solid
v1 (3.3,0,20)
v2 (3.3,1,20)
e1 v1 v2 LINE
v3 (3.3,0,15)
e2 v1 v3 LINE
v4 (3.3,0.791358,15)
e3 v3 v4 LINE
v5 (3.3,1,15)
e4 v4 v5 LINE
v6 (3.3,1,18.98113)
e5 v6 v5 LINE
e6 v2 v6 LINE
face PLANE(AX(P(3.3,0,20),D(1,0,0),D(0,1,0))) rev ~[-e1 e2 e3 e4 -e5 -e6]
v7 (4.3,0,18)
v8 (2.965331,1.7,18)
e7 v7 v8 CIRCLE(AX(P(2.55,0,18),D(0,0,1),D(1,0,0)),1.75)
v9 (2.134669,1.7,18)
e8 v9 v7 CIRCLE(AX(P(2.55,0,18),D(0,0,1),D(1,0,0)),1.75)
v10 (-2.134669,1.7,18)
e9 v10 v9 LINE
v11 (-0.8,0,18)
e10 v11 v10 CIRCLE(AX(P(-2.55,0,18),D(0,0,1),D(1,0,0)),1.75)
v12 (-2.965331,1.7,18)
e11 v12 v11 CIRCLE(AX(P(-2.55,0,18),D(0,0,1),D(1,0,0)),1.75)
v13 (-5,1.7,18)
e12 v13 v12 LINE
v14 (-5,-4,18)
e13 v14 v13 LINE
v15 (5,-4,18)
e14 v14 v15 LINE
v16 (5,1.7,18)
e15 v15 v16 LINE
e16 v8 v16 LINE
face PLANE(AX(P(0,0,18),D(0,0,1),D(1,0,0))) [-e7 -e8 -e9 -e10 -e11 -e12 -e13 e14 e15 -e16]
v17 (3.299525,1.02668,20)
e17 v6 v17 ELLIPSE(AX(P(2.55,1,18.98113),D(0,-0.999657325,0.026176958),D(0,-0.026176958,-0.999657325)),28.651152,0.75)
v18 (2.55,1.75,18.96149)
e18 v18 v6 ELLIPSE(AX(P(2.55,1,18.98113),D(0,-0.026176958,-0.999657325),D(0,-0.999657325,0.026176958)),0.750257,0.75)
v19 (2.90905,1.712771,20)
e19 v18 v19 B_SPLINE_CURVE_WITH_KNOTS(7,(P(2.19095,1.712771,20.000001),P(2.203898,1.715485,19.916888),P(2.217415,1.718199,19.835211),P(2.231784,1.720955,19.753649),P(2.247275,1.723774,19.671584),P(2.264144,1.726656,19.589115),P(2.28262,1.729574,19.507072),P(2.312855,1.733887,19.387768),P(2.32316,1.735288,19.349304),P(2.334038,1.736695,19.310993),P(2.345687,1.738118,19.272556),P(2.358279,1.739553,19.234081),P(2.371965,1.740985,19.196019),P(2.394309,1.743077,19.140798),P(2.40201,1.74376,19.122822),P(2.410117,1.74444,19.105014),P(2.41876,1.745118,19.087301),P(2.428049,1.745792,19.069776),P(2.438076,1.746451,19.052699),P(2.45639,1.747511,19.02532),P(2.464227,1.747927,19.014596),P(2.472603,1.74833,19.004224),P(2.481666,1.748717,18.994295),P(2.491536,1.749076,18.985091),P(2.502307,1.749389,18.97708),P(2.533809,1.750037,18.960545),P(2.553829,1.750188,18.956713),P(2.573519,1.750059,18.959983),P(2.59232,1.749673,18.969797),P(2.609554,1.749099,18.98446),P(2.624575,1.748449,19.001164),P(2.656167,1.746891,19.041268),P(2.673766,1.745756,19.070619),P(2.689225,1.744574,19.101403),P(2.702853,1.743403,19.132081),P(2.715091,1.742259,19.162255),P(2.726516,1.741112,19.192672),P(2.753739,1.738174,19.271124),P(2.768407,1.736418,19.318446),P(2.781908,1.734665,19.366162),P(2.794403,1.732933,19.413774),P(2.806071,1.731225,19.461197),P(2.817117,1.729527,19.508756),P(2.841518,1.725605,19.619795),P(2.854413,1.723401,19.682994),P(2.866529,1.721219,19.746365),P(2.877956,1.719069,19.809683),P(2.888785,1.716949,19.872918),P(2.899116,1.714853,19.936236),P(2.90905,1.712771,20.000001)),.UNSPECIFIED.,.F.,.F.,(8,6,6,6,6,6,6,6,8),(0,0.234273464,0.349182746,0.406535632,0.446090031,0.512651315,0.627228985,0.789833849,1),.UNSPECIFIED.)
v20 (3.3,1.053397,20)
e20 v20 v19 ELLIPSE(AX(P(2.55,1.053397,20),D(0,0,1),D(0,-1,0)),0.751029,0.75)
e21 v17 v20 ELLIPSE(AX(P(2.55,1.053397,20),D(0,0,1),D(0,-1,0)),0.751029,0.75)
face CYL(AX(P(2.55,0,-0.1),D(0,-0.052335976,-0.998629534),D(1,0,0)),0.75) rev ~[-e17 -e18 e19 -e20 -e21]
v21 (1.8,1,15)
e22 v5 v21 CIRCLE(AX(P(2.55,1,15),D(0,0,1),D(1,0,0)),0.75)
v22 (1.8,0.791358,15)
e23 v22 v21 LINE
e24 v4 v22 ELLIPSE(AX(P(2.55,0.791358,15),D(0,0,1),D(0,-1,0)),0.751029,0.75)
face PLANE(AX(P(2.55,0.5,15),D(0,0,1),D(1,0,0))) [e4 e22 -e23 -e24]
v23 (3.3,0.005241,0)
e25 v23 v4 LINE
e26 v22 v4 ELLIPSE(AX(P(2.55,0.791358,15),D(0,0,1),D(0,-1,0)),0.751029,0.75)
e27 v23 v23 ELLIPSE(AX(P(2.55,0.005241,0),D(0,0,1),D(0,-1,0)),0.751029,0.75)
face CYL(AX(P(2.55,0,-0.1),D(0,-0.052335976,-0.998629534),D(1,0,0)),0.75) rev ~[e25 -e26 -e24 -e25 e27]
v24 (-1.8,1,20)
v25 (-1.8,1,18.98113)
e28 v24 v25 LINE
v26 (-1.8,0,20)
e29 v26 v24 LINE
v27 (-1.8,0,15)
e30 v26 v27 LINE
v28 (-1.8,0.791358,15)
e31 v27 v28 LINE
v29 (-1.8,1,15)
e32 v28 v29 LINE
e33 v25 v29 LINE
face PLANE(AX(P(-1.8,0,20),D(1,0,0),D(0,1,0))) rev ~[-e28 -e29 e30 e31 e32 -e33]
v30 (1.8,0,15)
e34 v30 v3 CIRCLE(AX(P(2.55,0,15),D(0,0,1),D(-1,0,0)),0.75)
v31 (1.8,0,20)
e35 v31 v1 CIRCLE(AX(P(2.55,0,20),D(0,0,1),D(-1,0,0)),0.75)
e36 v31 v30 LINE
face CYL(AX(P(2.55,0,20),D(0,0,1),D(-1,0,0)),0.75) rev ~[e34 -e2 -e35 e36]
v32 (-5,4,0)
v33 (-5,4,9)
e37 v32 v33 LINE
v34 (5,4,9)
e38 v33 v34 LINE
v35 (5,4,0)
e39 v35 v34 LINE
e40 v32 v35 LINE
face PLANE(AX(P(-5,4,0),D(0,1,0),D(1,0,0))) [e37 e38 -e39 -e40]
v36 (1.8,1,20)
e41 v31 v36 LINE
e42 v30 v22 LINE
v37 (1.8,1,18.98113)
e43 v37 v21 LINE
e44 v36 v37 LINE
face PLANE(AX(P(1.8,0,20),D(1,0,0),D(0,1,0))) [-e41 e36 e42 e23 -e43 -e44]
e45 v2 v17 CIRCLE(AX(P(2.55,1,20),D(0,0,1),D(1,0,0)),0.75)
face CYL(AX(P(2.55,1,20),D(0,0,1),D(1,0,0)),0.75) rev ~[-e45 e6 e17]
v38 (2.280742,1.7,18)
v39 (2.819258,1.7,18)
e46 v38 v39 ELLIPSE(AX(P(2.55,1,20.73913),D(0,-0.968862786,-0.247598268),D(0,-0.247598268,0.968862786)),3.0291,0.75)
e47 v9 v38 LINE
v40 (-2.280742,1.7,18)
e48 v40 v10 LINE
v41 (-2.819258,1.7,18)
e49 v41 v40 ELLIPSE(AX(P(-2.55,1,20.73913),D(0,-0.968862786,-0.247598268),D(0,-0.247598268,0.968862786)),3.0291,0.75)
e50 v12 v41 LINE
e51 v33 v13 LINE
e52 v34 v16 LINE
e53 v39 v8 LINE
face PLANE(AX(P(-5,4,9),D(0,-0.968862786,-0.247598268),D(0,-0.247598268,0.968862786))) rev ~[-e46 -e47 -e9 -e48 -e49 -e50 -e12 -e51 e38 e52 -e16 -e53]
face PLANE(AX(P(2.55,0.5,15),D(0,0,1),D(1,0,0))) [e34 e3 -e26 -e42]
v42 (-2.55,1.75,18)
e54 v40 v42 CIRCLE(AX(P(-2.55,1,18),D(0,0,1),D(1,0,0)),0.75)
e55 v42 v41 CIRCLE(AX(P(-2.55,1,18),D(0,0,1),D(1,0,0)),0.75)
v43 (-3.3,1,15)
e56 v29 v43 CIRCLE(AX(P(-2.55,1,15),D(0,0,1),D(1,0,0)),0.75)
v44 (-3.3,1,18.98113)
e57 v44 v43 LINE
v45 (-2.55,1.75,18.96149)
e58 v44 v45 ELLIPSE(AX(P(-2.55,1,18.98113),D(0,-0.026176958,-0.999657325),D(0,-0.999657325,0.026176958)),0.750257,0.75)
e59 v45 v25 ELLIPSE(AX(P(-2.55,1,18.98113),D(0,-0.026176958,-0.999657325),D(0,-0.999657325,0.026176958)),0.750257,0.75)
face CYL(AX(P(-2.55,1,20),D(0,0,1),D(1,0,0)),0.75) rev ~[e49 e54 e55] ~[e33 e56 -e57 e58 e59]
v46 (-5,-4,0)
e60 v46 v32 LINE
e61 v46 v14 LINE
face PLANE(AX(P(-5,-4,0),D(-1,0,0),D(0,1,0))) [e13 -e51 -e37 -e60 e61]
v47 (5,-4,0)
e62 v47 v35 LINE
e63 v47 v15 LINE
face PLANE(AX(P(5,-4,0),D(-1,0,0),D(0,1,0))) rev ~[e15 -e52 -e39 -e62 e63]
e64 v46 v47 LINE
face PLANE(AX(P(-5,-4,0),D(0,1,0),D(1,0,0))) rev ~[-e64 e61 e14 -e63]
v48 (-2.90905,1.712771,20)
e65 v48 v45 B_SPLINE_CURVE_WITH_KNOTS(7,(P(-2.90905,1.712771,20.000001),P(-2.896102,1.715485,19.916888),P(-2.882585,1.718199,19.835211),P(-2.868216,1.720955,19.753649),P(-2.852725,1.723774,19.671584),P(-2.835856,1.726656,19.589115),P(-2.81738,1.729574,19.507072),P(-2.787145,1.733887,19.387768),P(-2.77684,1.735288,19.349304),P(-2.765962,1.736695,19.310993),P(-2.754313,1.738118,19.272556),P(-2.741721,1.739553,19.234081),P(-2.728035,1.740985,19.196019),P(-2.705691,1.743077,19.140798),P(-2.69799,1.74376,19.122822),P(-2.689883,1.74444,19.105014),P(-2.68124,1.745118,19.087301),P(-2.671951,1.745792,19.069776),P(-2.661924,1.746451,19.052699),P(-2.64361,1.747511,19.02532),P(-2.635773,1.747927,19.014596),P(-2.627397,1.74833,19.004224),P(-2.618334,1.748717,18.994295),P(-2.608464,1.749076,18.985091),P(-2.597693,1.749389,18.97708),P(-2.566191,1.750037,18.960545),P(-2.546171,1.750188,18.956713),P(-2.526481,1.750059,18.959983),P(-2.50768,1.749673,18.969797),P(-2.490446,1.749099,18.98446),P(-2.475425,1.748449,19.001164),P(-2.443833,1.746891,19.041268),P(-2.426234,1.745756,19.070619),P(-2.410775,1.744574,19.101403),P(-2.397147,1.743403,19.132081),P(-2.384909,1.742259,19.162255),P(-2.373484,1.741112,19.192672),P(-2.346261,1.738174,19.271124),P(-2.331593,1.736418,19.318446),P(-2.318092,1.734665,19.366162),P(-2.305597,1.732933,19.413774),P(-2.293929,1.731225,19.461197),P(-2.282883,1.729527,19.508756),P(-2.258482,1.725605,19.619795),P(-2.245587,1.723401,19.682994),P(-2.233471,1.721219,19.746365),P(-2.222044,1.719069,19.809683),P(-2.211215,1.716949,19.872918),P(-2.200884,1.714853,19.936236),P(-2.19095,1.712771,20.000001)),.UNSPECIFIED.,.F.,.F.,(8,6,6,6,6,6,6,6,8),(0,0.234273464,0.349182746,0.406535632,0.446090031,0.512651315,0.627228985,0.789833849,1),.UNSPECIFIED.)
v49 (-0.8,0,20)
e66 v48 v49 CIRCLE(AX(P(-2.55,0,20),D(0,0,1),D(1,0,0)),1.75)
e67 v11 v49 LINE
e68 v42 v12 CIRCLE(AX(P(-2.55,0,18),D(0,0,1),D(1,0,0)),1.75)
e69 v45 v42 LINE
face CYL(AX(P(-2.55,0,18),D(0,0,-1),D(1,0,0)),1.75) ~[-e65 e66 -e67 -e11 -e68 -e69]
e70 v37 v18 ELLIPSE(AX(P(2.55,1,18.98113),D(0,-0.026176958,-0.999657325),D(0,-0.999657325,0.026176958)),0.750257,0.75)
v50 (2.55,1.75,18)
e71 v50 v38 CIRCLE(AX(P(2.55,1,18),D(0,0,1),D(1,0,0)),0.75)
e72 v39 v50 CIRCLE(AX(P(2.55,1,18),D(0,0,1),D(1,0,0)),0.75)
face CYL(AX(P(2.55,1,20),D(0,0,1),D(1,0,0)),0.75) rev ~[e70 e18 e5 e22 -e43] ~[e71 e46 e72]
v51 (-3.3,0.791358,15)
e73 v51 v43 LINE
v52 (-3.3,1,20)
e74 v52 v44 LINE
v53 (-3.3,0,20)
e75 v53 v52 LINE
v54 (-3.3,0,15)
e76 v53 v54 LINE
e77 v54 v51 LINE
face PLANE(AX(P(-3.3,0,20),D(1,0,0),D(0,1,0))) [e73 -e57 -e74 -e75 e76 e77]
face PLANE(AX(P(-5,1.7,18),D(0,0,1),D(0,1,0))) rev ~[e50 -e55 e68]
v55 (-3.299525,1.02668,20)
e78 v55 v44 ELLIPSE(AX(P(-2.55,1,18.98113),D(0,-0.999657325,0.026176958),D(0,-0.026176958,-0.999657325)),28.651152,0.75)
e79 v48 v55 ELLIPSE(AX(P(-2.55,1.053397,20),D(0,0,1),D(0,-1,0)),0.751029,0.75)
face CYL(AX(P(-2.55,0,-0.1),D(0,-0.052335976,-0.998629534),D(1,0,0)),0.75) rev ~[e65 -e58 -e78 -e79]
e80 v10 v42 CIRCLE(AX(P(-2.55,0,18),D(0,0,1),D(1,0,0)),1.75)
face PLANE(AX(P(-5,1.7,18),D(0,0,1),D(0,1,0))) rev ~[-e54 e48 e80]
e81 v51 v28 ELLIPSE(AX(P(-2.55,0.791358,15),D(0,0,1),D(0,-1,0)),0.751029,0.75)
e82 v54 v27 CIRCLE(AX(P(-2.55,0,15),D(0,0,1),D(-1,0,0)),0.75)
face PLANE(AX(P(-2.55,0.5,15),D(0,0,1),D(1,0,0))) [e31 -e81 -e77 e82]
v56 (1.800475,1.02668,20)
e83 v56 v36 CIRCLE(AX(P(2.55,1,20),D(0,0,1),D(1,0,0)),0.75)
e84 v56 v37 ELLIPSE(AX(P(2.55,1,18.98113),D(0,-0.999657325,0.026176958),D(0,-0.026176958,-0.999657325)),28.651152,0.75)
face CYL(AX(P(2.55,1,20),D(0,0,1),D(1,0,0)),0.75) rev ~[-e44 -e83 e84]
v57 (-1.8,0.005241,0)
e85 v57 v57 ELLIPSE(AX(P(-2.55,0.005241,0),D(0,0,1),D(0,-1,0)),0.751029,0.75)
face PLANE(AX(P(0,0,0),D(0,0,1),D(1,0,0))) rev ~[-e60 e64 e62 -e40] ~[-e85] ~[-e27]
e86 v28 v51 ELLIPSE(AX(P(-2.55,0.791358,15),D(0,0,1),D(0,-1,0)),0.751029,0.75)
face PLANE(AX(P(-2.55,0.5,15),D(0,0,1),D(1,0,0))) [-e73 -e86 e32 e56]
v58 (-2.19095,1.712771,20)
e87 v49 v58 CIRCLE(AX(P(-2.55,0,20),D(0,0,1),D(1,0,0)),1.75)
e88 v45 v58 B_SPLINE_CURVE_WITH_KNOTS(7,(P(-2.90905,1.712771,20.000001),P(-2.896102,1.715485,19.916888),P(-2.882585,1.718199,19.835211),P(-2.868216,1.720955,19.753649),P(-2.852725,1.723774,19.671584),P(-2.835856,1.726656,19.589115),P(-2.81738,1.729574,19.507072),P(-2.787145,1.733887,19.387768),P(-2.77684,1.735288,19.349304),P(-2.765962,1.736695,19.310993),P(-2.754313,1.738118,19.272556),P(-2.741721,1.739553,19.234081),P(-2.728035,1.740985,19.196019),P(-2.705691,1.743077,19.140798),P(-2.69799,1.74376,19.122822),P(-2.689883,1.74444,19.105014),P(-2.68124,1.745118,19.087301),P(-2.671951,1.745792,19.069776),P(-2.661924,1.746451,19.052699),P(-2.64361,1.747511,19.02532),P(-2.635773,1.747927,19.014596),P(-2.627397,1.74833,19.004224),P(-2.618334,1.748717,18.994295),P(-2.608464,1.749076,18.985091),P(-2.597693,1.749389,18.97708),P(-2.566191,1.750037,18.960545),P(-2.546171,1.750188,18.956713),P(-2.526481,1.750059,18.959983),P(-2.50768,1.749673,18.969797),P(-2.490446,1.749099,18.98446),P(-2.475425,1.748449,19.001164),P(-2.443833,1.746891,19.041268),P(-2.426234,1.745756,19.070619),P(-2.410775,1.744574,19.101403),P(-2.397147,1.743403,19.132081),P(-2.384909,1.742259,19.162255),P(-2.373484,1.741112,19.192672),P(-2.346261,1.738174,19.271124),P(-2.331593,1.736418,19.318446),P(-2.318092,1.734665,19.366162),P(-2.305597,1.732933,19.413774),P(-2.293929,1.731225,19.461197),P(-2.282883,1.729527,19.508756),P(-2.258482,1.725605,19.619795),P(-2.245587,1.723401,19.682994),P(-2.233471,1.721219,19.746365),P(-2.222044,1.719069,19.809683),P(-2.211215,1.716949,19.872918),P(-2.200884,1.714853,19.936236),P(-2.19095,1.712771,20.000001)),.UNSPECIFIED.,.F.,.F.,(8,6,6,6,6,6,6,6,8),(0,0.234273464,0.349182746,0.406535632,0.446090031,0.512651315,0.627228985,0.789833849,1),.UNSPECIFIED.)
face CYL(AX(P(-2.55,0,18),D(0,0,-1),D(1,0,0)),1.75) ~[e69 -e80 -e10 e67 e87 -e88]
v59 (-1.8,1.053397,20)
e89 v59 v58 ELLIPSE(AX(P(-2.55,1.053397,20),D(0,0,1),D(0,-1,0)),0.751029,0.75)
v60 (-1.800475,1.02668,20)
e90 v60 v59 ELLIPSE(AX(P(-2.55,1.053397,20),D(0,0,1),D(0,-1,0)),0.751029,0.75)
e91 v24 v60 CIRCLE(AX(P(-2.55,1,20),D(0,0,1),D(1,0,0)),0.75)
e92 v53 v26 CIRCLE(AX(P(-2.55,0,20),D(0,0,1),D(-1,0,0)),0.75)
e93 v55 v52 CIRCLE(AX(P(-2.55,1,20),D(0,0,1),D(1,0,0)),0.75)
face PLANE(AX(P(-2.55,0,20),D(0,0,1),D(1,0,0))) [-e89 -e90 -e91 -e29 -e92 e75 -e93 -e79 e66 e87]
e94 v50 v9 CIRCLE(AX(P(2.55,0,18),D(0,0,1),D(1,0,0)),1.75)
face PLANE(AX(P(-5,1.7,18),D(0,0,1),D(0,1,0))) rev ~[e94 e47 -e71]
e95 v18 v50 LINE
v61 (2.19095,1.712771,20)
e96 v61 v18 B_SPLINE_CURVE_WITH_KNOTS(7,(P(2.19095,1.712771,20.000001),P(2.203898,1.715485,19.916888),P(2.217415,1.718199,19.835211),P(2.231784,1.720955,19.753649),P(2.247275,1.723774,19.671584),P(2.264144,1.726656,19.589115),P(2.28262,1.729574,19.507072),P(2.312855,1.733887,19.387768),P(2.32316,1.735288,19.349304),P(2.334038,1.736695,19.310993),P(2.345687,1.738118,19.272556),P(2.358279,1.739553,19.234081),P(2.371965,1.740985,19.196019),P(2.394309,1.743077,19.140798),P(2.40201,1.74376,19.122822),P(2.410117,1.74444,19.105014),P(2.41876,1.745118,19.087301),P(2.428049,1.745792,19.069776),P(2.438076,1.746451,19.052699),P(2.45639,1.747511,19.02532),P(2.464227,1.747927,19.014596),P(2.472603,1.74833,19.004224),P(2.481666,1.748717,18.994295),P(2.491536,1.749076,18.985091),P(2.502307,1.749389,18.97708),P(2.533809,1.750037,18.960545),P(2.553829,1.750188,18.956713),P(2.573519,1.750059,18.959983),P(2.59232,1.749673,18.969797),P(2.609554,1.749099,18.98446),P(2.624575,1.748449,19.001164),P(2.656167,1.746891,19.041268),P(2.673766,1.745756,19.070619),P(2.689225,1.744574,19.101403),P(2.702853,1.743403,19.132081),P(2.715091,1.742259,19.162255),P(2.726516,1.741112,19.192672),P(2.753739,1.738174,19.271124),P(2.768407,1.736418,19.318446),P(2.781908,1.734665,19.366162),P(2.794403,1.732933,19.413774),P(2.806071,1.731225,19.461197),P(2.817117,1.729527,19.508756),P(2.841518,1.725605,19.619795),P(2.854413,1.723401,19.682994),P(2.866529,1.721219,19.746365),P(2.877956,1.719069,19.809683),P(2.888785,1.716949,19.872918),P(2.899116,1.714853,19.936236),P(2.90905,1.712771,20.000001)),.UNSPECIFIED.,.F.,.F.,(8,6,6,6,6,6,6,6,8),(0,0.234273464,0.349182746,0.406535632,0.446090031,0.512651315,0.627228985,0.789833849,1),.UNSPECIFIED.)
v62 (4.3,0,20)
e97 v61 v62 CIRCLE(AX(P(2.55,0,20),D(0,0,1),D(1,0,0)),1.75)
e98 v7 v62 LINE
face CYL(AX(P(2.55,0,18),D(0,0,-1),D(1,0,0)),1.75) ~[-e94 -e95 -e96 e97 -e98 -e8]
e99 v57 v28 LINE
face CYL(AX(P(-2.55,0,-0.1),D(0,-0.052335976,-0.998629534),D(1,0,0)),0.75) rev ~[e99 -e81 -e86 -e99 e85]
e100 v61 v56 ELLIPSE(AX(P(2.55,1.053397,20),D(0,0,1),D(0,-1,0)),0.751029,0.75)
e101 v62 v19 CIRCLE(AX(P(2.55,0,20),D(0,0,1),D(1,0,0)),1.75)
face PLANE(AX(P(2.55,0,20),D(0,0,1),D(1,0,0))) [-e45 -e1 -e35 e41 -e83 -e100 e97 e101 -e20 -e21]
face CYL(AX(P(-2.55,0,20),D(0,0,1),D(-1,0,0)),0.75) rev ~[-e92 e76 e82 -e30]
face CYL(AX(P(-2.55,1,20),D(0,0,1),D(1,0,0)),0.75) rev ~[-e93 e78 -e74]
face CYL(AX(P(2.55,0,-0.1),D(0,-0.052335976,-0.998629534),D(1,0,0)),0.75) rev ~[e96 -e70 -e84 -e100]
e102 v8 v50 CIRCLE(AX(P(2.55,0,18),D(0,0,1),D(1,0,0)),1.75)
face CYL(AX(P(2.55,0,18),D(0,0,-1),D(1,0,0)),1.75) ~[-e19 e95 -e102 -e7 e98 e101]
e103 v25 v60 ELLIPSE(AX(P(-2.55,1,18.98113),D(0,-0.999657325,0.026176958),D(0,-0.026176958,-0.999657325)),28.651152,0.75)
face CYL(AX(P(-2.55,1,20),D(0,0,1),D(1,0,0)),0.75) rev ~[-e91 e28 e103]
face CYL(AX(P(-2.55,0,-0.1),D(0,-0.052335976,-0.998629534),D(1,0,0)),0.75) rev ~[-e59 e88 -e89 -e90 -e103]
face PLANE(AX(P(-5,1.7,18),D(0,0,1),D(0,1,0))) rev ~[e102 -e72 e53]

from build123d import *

# Parameters (mm, degrees)
SKETCH_W        = 10
SKETCH_H        = 8
PAD_DEPTH       = 18
SKETCH001_R     = 1.75
PAD001_DEPTH    = 2
SKETCH002_R     = 0.75
POCKET_DEPTH    = 21
POCKET001_DEPTH = 10
POCKET002_DEPTH = 5


with BuildPart() as part:
    # Sketch → Pad (new body)
    with BuildSketch(Plane.XY):
        Rectangle(SKETCH_W, SKETCH_H)
    extrude(amount=PAD_DEPTH)

    # Sketch001 (on Face6 of Pad) → Pad001 (join)
    with BuildSketch(Plane.XY.offset(18)):
        with Locations((-2.55, 0)):
            Circle(SKETCH001_R)
        with Locations((2.55, 0)):
            Circle(SKETCH001_R)
    extrude(amount=PAD001_DEPTH)

    # Sketch002 (on Face4 of Pad001) → Pocket (cut)
    with BuildSketch(Plane(origin=(0, 0, -0.1), x_dir=(1, 0, 0), z_dir=(0, -0.052336, -0.99863))):
        with Locations((-2.55, 0)):
            Circle(SKETCH002_R)
        with Locations((2.55, 0)):
            Circle(SKETCH002_R)
    extrude(amount=-POCKET_DEPTH, mode=Mode.SUBTRACT)

    # Sketch003 (on Face2 of Pocket) → Pocket001 (cut)
    with BuildSketch(Plane(origin=(-5, 0, 0), x_dir=(0, -1, 0), z_dir=(-1, 0, 0))):
        Polygon((-4, 18), (-4, 9), (-1.7, 18), align=None)
    extrude(amount=-POCKET001_DEPTH, mode=Mode.SUBTRACT)

    # Sketch007 (on Face14 of Pocket001) → Pocket002 (cut)
    with BuildSketch(Plane.XY.offset(20)):
        with BuildLine():
            ThreePointArc((-3.3, 0), (-2.55, -0.75), (-1.8, 0))
            Line((-1.8, 0), (-1.8, 1))
            ThreePointArc((-1.8, 1), (-2.55, 1.75), (-3.3, 1))
            Line((-3.3, 0), (-3.3, 1))
        make_face()
        with BuildLine():
            ThreePointArc((1.8, 0), (2.55, -0.75), (3.3, 0))
            Line((3.3, 0), (3.3, 1))
            ThreePointArc((3.3, 1), (2.55, 1.75), (1.8, 1))
            Line((1.8, 0), (1.8, 1))
        make_face()
    extrude(amount=-POCKET002_DEPTH, mode=Mode.SUBTRACT)


solid = part.part
